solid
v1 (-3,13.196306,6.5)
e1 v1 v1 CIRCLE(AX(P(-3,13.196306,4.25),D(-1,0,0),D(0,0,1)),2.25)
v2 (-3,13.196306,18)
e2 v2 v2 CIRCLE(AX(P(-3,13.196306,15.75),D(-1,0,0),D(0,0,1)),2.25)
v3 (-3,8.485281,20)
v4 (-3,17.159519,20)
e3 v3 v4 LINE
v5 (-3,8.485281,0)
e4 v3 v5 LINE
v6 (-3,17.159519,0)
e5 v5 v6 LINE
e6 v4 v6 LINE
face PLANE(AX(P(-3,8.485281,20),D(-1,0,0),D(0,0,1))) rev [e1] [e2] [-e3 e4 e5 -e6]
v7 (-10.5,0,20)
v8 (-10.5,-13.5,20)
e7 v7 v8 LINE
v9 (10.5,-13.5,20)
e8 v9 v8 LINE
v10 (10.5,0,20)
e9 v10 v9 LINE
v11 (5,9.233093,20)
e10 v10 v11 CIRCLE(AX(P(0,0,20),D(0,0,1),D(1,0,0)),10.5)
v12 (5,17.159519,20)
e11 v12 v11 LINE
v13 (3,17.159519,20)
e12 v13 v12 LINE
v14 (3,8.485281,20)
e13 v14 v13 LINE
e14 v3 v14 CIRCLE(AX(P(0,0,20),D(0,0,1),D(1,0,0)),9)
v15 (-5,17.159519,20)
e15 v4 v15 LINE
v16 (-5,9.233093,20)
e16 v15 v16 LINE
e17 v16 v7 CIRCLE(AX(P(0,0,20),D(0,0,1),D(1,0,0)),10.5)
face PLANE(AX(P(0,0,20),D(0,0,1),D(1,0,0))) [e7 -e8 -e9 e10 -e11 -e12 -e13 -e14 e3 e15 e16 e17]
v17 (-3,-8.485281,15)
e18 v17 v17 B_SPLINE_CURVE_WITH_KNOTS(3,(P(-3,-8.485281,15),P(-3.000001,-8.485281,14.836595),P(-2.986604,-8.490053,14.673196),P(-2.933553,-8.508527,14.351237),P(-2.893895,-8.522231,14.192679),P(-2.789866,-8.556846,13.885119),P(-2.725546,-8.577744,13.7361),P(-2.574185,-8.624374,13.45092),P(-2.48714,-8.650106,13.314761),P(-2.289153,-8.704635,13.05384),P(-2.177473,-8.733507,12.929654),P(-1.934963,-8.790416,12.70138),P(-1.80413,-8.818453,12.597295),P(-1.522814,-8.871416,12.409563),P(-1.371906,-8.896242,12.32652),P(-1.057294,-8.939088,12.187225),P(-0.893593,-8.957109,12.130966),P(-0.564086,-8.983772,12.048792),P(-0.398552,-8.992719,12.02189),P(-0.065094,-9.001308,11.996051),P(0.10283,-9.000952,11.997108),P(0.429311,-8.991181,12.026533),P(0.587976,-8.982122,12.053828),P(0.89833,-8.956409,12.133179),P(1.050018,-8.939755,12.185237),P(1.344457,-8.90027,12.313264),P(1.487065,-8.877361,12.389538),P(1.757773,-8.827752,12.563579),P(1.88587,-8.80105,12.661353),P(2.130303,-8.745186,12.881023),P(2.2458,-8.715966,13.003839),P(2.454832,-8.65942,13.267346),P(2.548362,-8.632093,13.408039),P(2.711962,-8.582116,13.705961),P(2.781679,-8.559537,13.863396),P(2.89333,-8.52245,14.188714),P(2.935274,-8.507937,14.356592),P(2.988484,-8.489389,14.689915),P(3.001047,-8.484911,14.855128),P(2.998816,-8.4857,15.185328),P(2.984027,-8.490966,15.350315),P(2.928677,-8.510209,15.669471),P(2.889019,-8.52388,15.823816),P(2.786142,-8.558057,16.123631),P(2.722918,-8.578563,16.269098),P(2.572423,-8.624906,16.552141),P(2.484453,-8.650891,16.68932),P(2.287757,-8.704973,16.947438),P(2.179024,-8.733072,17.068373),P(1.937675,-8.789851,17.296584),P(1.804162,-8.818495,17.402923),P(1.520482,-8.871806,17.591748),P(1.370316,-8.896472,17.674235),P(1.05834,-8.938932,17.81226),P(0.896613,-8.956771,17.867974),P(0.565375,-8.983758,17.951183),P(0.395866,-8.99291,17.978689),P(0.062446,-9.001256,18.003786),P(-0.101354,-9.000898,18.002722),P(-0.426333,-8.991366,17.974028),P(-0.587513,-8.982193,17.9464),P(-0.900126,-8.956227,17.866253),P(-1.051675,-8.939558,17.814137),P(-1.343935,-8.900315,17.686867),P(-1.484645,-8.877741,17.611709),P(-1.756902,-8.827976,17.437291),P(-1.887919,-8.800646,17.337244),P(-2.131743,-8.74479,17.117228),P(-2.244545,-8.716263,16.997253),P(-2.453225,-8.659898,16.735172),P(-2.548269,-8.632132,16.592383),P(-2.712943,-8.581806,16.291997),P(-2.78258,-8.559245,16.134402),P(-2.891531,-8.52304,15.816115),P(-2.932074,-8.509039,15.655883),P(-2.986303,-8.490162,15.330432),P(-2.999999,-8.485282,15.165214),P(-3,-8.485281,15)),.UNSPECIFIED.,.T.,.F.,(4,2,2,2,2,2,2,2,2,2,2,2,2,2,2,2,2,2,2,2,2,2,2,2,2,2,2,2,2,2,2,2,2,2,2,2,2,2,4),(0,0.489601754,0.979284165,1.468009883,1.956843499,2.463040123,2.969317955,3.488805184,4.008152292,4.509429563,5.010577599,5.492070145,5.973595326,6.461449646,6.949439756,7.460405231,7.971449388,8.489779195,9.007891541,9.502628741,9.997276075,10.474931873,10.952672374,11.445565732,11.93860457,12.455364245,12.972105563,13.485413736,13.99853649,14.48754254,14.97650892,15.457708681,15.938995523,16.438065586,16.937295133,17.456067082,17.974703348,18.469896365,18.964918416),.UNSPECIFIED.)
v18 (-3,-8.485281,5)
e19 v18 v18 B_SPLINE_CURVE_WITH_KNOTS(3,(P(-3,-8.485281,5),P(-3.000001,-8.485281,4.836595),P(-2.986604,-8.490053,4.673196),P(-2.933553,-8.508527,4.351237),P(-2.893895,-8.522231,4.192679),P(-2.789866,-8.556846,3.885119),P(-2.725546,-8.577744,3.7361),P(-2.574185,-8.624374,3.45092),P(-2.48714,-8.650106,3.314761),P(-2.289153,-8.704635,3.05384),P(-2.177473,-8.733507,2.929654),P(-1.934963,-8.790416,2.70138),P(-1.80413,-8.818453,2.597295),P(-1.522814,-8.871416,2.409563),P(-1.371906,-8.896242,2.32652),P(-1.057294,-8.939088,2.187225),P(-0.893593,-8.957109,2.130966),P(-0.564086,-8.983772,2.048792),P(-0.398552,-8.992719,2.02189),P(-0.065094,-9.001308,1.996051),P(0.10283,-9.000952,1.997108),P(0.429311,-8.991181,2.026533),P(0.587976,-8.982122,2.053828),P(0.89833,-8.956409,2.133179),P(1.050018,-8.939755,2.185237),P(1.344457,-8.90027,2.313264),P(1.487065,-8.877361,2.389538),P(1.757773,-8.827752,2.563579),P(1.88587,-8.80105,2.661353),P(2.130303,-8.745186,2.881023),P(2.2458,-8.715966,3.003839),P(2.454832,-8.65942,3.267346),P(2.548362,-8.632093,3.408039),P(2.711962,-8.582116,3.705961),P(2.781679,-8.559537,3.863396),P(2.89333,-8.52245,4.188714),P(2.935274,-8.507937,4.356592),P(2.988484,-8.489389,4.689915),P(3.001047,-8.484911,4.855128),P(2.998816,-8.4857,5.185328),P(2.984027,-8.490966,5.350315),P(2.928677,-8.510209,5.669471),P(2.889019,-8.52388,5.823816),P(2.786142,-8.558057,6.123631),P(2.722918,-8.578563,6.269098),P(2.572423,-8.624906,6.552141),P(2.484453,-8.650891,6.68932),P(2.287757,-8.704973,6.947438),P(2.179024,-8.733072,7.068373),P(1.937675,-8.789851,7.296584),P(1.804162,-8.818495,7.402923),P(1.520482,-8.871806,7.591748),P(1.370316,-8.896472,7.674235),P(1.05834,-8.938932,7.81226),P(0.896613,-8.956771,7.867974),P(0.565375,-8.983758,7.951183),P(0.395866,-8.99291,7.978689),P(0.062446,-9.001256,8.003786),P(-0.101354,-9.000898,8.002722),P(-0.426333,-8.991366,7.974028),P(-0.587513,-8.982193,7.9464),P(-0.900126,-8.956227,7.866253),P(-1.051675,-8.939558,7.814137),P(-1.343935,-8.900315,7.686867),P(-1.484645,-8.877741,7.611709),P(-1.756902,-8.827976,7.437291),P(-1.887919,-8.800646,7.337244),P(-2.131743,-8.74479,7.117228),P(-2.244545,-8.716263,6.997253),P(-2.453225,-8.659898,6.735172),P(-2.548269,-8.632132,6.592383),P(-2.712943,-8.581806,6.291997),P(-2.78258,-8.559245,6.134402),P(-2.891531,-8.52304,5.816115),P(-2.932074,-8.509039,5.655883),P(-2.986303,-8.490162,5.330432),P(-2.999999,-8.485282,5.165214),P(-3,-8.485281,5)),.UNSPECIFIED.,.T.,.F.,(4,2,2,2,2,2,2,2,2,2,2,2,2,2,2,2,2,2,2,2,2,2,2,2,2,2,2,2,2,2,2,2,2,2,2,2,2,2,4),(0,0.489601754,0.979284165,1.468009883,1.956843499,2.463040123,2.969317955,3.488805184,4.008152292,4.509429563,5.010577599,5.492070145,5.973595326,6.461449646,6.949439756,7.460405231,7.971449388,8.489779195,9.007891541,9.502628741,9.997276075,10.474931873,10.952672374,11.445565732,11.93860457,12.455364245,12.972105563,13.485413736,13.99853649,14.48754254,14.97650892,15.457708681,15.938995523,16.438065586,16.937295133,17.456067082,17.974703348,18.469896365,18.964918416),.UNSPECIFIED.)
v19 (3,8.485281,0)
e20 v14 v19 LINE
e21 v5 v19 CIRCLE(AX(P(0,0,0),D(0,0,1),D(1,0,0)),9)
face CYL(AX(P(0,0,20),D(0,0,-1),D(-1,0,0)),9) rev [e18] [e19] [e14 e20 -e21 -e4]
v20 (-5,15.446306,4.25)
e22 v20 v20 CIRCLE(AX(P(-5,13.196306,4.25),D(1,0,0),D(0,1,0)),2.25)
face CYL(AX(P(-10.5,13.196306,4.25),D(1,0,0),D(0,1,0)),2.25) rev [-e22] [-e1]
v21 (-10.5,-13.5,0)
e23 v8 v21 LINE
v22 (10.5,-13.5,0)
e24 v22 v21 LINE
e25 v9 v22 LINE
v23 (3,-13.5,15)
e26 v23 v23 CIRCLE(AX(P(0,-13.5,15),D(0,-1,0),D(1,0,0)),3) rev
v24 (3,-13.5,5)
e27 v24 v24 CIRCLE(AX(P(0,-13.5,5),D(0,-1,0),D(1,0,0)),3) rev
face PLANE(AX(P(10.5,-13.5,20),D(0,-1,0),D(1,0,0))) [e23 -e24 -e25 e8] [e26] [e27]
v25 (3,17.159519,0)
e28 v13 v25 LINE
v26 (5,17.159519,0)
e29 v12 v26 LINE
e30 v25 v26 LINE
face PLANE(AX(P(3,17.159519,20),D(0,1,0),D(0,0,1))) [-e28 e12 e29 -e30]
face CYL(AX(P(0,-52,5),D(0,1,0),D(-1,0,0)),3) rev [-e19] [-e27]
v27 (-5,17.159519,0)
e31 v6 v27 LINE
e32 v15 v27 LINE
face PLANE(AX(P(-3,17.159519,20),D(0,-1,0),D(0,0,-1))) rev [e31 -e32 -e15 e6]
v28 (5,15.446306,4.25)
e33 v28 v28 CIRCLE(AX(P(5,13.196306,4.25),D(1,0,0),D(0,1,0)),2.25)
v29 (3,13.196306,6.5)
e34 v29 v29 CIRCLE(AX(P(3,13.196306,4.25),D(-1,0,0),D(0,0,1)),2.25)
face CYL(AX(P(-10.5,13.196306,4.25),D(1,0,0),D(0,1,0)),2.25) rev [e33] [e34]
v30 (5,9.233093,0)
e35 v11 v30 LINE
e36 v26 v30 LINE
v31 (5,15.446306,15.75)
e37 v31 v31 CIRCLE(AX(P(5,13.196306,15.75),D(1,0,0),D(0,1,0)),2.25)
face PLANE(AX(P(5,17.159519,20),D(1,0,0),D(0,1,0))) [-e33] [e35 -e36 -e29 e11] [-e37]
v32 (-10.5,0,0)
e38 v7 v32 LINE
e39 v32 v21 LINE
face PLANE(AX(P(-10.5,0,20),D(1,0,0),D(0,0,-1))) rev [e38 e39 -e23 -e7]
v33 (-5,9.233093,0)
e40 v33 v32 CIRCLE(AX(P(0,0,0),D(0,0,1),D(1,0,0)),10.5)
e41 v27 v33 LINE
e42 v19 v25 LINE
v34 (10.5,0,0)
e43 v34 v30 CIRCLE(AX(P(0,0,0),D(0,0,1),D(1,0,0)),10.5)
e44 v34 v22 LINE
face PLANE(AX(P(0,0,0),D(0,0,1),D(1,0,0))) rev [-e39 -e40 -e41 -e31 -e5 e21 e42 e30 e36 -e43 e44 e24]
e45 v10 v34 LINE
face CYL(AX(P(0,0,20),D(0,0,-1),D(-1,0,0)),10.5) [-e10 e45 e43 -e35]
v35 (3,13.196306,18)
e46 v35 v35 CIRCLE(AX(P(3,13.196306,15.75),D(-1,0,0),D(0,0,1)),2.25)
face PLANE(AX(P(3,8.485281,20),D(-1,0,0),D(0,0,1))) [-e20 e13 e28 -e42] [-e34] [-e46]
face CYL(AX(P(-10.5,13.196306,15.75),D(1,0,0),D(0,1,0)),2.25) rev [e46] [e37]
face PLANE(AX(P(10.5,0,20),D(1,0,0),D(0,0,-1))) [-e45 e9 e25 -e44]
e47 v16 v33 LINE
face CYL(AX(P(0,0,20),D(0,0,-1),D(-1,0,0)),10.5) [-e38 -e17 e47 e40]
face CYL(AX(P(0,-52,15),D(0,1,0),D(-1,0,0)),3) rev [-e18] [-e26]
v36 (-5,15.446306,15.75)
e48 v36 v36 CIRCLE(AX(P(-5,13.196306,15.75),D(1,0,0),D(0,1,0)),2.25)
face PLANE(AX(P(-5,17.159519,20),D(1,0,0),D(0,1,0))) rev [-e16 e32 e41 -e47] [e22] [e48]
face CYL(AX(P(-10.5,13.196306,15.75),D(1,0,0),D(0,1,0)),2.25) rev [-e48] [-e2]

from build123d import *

# Parameters (mm, degrees)
BOSS_EXTRUDE1_DEPTH = 20
SKETCH3_R           = 2.25
CUT_EXTRUDE1_DEPTH  = 16.5
SKETCH5_R           = 2.125
CUT_EXTRUDE2_DEPTH  = 31.659519334
CUT_EXTRUDE6_START  = -6
SKETCH6_R           = 3
CUT_EXTRUDE6_DEPTH  = 44.5


with BuildPart() as part:
    # Sketch1 → Boss-Extrude1 (new body)
    with BuildSketch(Plane.XY):
        with BuildLine():
            Line((-3, 8.485281374), (-3, 17.159519334))
            Line((-3, 17.159519334), (-5, 17.159519334))
            Line((-5, 17.159519334), (-5, 9.233092656))
            ThreePointArc((-5, 9.233092656), (-9.020809276, 5.373546315), (-10.5, 0))
            Line((-10.5, 0), (-10.5, -13.5))
            Line((-10.5, -13.5), (10.5, -13.5))
            Line((10.5, -13.5), (10.5, 0))
            ThreePointArc((10.5, 0), (9.020809276, 5.373546315), (5, 9.233092656))
            Line((5, 9.233092656), (5, 17.159519334))
            Line((5, 17.159519334), (3, 17.159519334))
            Line((3, 17.159519334), (3, 8.485281374))
            ThreePointArc((3, 8.485281374), (0, -9), (-3, 8.485281374))
        make_face()
    extrude(amount=BOSS_EXTRUDE1_DEPTH)

    # Sketch3 → Cut-Extrude1 (cut, through all)
    with BuildSketch(Plane(origin=(5, 0, 0), x_dir=(0, 0, -1), z_dir=(1, 0, 0))):
        with Locations((-15.75, 13.196305995)):
            Circle(SKETCH3_R)
        with Locations((-4.25, 13.196305995)):
            Circle(SKETCH3_R)
    extrude(amount=-CUT_EXTRUDE1_DEPTH, mode=Mode.SUBTRACT)

    # Sketch5 → Cut-Extrude2 (cut, through all)
    with BuildSketch(Plane.XZ.offset(13.5)):
        with Locations((0, 5)):
            Circle(SKETCH5_R)
        with Locations((0, 15)):
            Circle(SKETCH5_R)
    extrude(amount=-CUT_EXTRUDE2_DEPTH, mode=Mode.SUBTRACT)

    # Sketch6 → Cut-Extrude6 (cut)
    with BuildSketch(Plane.XZ.offset(13.5).offset(CUT_EXTRUDE6_START)):
        with Locations((0, 15)):
            Circle(SKETCH6_R)
        with Locations((0, 5)):
            Circle(SKETCH6_R)
    extrude(amount=CUT_EXTRUDE6_DEPTH, mode=Mode.SUBTRACT)


solid = part.part
